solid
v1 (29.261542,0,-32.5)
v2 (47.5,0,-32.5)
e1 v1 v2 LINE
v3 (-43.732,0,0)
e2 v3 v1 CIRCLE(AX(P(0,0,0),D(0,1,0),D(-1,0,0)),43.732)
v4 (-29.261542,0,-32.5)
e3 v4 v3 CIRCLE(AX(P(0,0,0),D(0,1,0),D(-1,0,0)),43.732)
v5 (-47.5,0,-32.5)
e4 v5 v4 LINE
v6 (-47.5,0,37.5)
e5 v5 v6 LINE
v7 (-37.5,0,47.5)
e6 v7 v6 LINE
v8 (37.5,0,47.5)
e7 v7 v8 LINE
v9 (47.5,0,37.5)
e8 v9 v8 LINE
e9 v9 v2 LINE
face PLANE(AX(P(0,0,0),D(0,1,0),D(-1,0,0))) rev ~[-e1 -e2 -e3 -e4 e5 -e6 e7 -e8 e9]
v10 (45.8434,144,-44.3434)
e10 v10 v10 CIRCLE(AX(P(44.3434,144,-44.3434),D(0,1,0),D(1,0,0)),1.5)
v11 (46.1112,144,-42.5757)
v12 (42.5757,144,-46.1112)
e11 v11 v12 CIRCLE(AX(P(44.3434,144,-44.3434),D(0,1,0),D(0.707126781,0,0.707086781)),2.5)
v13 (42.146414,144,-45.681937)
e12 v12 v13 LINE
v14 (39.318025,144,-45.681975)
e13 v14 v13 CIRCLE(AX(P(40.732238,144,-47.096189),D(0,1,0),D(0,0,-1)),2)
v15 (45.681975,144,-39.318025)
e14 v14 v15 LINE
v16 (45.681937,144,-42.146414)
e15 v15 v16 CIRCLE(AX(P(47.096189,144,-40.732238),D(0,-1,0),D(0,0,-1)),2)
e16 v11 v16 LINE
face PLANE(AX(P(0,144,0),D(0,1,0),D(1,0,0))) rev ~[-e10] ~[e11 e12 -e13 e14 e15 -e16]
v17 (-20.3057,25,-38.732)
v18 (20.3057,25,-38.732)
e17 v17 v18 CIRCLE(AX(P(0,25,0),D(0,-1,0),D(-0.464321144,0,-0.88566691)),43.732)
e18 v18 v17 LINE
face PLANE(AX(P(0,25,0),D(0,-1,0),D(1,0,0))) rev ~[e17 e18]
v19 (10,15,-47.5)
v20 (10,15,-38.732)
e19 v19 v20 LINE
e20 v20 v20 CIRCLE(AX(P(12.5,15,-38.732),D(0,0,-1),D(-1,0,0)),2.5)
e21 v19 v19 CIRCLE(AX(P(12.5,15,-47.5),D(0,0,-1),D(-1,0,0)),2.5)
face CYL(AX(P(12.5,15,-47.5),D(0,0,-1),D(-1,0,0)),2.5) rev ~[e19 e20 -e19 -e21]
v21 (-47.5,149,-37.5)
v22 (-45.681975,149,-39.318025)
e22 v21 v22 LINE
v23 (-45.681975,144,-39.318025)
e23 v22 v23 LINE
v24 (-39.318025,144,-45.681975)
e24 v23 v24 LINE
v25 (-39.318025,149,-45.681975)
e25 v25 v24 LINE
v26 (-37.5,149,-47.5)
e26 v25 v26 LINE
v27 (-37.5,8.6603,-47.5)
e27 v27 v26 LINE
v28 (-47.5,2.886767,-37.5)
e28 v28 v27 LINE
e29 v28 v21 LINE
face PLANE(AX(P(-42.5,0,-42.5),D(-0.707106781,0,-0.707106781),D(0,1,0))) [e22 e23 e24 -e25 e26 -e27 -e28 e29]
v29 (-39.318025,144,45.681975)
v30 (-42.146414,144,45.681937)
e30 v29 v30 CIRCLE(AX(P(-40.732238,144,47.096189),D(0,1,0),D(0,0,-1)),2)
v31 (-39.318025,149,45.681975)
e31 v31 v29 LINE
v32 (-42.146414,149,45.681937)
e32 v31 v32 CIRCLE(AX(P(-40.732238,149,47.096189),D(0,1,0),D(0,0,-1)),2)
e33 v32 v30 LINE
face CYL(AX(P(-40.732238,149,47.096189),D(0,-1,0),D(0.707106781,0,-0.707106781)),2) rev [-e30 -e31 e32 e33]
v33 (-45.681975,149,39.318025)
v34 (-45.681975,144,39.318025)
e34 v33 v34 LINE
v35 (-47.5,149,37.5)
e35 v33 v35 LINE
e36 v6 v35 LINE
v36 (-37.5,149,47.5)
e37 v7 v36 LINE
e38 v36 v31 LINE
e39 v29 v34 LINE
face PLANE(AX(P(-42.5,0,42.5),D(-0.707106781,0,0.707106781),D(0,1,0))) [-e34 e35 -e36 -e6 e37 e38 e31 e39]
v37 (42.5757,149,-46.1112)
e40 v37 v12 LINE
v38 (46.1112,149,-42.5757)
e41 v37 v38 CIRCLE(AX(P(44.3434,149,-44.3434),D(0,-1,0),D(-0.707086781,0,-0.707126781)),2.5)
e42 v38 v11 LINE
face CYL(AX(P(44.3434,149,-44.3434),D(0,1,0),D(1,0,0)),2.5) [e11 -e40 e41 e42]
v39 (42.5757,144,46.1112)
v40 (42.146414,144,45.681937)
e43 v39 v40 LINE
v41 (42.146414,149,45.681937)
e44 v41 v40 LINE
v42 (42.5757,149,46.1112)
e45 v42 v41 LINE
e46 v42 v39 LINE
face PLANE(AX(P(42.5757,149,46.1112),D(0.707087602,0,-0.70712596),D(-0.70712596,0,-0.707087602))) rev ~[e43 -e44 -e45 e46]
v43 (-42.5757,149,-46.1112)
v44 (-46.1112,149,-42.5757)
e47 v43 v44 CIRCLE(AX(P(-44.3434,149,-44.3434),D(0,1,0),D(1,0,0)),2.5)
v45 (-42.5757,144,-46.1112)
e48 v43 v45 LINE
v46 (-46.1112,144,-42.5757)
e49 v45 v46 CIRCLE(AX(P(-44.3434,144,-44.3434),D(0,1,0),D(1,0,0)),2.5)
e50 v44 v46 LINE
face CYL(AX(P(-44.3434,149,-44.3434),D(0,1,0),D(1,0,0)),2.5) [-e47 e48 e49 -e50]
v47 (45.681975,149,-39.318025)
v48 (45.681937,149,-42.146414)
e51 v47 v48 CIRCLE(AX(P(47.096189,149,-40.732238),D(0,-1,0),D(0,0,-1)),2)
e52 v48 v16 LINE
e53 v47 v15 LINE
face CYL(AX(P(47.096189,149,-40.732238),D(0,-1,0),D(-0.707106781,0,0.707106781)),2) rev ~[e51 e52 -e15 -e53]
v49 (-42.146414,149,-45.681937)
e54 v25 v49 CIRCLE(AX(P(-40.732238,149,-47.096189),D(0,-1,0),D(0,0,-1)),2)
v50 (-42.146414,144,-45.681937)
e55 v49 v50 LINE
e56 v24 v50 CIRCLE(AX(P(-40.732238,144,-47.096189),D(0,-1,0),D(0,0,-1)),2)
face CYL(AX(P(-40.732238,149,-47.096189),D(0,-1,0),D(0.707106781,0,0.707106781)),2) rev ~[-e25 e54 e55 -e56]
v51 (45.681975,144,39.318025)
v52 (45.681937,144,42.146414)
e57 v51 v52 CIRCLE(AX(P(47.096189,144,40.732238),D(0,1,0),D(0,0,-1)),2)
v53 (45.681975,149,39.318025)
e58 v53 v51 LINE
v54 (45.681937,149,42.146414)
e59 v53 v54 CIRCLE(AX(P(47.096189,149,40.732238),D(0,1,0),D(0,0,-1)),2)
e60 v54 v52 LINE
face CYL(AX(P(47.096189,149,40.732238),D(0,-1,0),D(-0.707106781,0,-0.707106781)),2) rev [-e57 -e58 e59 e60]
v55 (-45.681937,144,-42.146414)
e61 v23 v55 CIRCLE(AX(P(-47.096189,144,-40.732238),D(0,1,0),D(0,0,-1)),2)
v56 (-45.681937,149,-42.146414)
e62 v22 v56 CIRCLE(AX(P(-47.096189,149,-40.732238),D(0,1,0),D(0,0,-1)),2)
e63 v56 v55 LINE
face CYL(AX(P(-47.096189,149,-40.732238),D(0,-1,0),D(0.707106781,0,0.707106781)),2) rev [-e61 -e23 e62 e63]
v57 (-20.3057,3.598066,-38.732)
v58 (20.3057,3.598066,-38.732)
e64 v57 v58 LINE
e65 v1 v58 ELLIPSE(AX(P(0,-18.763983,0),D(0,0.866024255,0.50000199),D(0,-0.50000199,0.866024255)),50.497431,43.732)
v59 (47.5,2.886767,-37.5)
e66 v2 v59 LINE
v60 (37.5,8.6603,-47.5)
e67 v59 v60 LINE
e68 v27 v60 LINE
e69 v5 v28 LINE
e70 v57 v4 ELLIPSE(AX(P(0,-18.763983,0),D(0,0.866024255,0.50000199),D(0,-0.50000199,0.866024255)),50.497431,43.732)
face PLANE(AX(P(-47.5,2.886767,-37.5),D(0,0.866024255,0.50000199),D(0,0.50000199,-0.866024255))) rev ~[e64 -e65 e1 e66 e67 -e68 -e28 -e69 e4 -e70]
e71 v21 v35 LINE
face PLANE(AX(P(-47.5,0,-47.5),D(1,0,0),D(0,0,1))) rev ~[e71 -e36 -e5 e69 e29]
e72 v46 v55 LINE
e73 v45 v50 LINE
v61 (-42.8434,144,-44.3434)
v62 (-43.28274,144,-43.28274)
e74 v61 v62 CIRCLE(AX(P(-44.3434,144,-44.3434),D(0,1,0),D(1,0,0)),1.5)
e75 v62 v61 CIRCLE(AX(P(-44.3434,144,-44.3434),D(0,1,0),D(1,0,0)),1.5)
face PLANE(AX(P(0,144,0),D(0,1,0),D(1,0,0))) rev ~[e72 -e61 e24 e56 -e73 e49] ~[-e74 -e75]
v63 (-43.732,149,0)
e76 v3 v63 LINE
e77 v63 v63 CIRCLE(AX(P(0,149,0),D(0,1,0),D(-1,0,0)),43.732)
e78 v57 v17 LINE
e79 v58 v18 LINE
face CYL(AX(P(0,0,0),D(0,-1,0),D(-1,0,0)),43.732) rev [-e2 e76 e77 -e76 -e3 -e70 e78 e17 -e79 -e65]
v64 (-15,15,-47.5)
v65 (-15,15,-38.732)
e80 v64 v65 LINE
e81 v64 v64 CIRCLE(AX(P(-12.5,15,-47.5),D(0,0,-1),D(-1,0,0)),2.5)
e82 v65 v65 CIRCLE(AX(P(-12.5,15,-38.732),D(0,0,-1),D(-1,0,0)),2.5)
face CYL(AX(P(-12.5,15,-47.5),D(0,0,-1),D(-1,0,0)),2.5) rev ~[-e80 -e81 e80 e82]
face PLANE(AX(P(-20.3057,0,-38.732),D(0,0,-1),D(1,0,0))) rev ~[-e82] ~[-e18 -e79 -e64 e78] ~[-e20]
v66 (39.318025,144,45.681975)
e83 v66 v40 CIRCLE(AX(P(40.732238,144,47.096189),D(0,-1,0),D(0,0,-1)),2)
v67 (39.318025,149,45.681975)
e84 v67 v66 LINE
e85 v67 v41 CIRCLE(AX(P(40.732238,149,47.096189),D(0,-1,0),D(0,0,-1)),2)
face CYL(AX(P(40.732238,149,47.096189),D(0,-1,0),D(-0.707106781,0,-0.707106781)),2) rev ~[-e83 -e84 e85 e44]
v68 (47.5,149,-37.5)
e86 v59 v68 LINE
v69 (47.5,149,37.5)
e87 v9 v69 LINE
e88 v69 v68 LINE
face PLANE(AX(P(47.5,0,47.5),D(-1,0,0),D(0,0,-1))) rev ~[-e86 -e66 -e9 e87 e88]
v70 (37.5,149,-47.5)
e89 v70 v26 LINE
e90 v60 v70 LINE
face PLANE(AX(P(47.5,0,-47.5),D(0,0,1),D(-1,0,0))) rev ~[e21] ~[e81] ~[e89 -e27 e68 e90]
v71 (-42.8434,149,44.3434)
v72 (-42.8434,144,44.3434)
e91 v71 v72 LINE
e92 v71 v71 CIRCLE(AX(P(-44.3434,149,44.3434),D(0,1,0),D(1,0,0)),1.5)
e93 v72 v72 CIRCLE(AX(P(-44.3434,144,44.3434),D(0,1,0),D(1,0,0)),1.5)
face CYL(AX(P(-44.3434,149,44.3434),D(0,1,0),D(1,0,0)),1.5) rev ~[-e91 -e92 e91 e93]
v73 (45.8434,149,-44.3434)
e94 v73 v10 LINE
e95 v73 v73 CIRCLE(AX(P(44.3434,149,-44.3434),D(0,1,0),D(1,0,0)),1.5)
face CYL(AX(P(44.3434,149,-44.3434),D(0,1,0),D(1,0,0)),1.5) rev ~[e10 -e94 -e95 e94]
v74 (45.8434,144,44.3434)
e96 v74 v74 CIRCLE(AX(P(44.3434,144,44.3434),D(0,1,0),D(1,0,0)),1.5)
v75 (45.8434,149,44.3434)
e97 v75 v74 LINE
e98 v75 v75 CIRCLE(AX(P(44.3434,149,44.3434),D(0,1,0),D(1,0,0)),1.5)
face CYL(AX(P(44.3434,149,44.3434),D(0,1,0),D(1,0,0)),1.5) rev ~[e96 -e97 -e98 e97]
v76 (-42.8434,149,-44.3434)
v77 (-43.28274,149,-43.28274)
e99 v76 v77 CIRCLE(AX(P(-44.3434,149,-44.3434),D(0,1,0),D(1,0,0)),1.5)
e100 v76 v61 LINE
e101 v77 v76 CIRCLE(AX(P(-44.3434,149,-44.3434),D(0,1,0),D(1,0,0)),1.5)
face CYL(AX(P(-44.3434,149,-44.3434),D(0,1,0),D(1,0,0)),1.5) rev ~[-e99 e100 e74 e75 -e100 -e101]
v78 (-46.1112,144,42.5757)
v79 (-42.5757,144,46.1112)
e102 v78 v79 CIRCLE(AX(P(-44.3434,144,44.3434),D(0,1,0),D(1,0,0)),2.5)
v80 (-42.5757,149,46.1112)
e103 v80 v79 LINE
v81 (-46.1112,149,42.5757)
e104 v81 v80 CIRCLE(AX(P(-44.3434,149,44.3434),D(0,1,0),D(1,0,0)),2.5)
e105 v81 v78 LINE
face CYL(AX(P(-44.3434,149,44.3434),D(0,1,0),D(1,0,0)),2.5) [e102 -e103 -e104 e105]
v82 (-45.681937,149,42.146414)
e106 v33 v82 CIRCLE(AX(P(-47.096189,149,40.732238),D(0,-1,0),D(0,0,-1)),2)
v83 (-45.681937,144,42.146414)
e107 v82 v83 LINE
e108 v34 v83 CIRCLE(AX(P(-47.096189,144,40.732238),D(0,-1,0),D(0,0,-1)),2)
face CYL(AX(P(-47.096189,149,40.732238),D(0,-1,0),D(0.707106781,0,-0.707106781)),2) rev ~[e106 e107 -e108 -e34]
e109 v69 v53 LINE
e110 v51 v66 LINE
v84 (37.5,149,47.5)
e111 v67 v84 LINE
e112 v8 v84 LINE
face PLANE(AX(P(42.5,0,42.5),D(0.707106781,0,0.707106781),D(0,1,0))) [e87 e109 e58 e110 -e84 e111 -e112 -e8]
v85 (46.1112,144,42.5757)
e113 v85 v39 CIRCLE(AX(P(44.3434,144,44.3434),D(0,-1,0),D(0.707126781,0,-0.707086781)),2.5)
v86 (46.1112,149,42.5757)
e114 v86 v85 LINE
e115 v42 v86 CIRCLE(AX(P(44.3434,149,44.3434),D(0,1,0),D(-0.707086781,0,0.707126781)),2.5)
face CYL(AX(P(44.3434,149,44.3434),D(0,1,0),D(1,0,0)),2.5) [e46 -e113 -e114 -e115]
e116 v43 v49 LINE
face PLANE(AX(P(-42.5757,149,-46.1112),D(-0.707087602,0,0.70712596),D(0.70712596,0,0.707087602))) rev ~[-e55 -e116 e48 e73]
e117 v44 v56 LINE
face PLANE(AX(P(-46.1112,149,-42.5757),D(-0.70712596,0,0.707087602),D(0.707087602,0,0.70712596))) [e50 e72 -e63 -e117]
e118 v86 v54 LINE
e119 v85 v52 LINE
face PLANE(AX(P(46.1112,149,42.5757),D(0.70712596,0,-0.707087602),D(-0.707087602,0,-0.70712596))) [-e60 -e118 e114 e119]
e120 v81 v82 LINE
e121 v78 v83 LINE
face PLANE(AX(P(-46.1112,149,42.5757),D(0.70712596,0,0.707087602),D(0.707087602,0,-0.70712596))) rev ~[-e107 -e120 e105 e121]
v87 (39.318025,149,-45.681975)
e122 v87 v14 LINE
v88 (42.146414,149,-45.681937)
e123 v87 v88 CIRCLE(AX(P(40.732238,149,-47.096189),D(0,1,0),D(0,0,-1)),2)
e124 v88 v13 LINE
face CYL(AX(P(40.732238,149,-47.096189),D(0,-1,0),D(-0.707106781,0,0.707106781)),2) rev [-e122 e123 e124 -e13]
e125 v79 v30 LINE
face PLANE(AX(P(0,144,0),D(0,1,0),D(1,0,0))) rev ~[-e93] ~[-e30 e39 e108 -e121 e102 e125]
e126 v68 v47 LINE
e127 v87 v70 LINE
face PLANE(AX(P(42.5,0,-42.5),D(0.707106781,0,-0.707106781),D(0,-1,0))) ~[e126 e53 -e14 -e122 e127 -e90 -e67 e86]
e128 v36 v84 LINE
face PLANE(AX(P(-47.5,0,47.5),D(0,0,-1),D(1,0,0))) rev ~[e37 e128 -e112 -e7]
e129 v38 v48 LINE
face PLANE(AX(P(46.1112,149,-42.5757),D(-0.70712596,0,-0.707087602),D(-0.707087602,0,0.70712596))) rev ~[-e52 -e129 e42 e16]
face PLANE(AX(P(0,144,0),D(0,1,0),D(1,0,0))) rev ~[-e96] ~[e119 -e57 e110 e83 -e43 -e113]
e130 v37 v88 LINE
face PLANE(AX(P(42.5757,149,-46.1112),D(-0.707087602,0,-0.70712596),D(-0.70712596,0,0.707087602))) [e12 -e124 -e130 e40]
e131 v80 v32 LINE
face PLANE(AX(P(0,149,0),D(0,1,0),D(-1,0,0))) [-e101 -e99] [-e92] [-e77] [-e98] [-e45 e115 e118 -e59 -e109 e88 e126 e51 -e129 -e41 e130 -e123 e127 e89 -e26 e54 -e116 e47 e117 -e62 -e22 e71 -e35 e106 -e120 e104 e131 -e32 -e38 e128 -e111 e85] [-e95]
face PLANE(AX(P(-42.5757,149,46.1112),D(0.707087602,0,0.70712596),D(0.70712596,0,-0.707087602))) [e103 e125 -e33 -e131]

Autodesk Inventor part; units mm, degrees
ref_plane "YZ Plane" through (0, 0, 0) normal (1, 0, 0) x (0, 1, 0)
ref_plane "XZ Plane" through (0, 0, 0) normal (0, 1, 0) x (-1, 0, 0)
ref_plane "XY Plane" through (0, 0, 0) normal (0, 0, 1) x (1, 0, 0)
sketch "Sketch1" plane through (0, 0, 0) normal (0, 1, 0) x (-1, 0, 0)
  circle A0 centre (0, 0) radius 43.732
  line L0 (-47.5, -47.5) -> (47.5, -47.5)
  line L1 (47.5, -47.5) -> (47.5, 47.5)
  line L2 (47.5, 47.5) -> (-47.5, 47.5)
  line L3 (-47.5, 47.5) -> (-47.5, -47.5)
  line L4 (-47.5, -47.5) -> (47.5, 47.5) construction
  line L5 (47.5, -47.5) -> (-47.5, 47.5) construction
  dimension "d0" = 87.464
  dimension "d4" = 95
  dimension "d5" = 95
extrude "Extrusion1" add sketch "Sketch1" along normal blind 149
chamfer "Chamfer1" distance 10 angle 45 4 edges at (47.5, 74.5, -47.5) (47.5, 74.5, 47.5) (-47.5, 74.5, 47.5) (-47.5, 74.5, -47.5)
sketch "Sketch2" plane through (0, 149, 0) normal (0, 1, 0) x (1, 0, 0)
  line L0 (-47.5, 37.5) -> (-37.5, 47.5) projected
  line L1 (-47.5, 37.5) -> (-47.5, -37.5) projected
  line L2 (-37.5, -47.5) -> (-47.5, -37.5) projected
  line L3 (-37.5, -47.5) -> (37.5, -47.5) projected
  line L4 (47.5, -37.5) -> (37.5, -47.5) projected
  line L5 (47.5, -37.5) -> (47.5, 37.5) projected
  line L6 (37.5, 47.5) -> (47.5, 37.5) projected
  line L7 (37.5, 47.5) -> (-37.5, 47.5) projected
  circle A0 centre (0, 0) radius 43.732 projected
  line L8 (-42.5, 42.5) -> (-44.3434, 44.3434)
  circle A1 centre (-44.3434, 44.3434) radius 1.5
  circle A2 centre (-44.3434, 44.3434) radius 2.5
  line L9 (-42.5757, 46.1112) -> (-40.7322, 44.2678)
  line L10 (-46.1112, 42.5757) -> (-44.2678, 40.7322)
  line L11 (0, 47.5) -> (0, 44.5)
  line L12 (-47.5, 0) -> (-44.5, 0)
  circle A3 centre (44.3434, 44.3434) radius 1.5
  circle A4 centre (44.3434, 44.3434) radius 2.5
  line L13 (42.5757, 46.1112) -> (40.7322, 44.2678)
  line L14 (46.1112, 42.5757) -> (44.2678, 40.7322)
  circle A5 centre (-44.3434, -44.3434) radius 1.5
  circle A6 centre (-44.3434, -44.3434) radius 2.5
  line L15 (-42.5757, -46.1112) -> (-40.7322, -44.2678)
  line L16 (-46.1112, -42.5757) -> (-44.2678, -40.7322)
  circle A7 centre (44.3434, -44.3434) radius 2.5
  circle A8 centre (44.3434, -44.3434) radius 1.5
  line L17 (42.5757, -46.1112) -> (40.7322, -44.2678)
  line L18 (46.1112, -42.5757) -> (44.2678, -40.7322)
  dimension "d9" = 2.607
  dimension "d10" = 3
  dimension "d11" = 1
  dimension "d12" = 3
  dimension "d13" = 3
extrude "Extrusion2" add sketch "Sketch2" against normal blind 5 contours L10 A2 L8 L0 | L8 A2 L9 L0 | A2 | L2 L15 A6 L16 | A6 | L13 A4 L14 L6 | L4 L18 A7 L17 | A4 | A7
fillet "Fillet1" radius 2 8 edges at (44.2678, 146.5, -40.7322) (40.7322, 146.5, -44.2678) (44.2678, 146.5, 40.7322) (40.7322, 146.5, 44.2678) (-40.7322, 146.5, 44.2678) (-44.2678, 146.5, 40.7322) (-44.2678, 146.5, -40.7322) (-40.7322, 146.5, -44.2678)
sketch "Sketch5" plane through (0, 0, 0) normal (0, -1, 0) x (1, 0, 0)
  line L0 (-37.5, -47.5) -> (-47.5, -37.5) projected
  line L1 (37.5, -47.5) -> (-37.5, -47.5) projected
  line L2 (47.5, -37.5) -> (37.5, -47.5) projected
  line L3 (47.5, 37.5) -> (47.5, -37.5) projected
  line L4 (37.5, 47.5) -> (47.5, 37.5) projected
  line L5 (-37.5, 47.5) -> (37.5, 47.5) projected
  line L6 (-47.5, 37.5) -> (-37.5, 47.5) projected
  line L7 (-47.5, -37.5) -> (-47.5, 37.5) projected
  circle A0 centre (0, 0) radius 43.732 projected
  circle A1 centre (0, 0) radius 43.732 projected
  line L8 (0, -43.732) -> (0, -38.732)
  line L9 (-20.3057, -38.732) -> (20.3057, -38.732)
  dimension "d30" = 5
extrude "Extrusion4" add sketch "Sketch5" against normal blind 25 contours L9 L8 A0 | A0 L8 L9
sketch "Sketch6" plane through (37.5, 0, -47.5) normal (0, 0, -1) x (-1, 0, 0)
  line L0 (0, 0) -> (75, 0) projected
  line L1 (37.5, 0) -> (37.5, 15)
  line L2 (37.5, 15) -> (25, 15)
  circle A0 centre (25, 15) radius 2.5
  circle A1 centre (50, 15) radius 2.5
  dimension "d31" = 15
  dimension "d32" = 12.5
  dimension "d33" = 5
extrude "Extrusion5" cut sketch "Sketch6" against normal blind 30
sketch "Sketch7" plane through (-47.5, 0, -37.5) normal (-1, 0, 0) x (0, 0, 1)
  line L0 (0, 0) -> (0, 149) projected
  line L1 (0, 0) -> (75, 0) projected
  line L2 (75, 149) -> (75, 0) projected
  line L3 (0, 149) -> (75, 149) projected
  line L4 (-8.182, 149) -> (-8.182, 144) projected
  line L5 (-8.182, 149) -> (-10, 149) projected
  line L6 (-10, 149) -> (-10, 0) projected
  line L7 (-10, 0) -> (0, 0) projected
  line L8 (0, 0) -> (0, 149) projected
  line L9 (0, 149) -> (-1.818, 149) projected
  line L10 (-1.818, 144) -> (-1.818, 149) projected
  line L11 (-1.818, 144) -> (-8.182, 144) projected
  line L12 (0, 149) -> (0, 0) projected
  line L13 (0, 0) -> (14.1421, 0) construction
  line L14 (-10, 0) -> (5, 0)
  line L15 (5, 0) -> (-10, 8.6603)
  point P0 (37.5, 0)
  dimension "d39" = 15
  dimension "d40" = 30
extrude "Extrusion7" cut sketch "Sketch7" against normal through all contours L7 L6 L15 L0 | L0 L15 L1
sketch "Sketch8" plane through (-37.5, 0, 47.5) normal (0, 0, 1) x (1, 0, 0)
  line L0 (75, 0) -> (0, 0) construction
  line L1 (0, 0) -> (0, 75) construction
  line L2 (0, 75) -> (75, 75) construction
  line L3 (75, 75) -> (75, 0) construction
  point P0 (37.5, 0)
  dimension "d0" = 87.464
  dimension "d4" = 95
  dimension "d5" = 95
properties part number "Tank"
